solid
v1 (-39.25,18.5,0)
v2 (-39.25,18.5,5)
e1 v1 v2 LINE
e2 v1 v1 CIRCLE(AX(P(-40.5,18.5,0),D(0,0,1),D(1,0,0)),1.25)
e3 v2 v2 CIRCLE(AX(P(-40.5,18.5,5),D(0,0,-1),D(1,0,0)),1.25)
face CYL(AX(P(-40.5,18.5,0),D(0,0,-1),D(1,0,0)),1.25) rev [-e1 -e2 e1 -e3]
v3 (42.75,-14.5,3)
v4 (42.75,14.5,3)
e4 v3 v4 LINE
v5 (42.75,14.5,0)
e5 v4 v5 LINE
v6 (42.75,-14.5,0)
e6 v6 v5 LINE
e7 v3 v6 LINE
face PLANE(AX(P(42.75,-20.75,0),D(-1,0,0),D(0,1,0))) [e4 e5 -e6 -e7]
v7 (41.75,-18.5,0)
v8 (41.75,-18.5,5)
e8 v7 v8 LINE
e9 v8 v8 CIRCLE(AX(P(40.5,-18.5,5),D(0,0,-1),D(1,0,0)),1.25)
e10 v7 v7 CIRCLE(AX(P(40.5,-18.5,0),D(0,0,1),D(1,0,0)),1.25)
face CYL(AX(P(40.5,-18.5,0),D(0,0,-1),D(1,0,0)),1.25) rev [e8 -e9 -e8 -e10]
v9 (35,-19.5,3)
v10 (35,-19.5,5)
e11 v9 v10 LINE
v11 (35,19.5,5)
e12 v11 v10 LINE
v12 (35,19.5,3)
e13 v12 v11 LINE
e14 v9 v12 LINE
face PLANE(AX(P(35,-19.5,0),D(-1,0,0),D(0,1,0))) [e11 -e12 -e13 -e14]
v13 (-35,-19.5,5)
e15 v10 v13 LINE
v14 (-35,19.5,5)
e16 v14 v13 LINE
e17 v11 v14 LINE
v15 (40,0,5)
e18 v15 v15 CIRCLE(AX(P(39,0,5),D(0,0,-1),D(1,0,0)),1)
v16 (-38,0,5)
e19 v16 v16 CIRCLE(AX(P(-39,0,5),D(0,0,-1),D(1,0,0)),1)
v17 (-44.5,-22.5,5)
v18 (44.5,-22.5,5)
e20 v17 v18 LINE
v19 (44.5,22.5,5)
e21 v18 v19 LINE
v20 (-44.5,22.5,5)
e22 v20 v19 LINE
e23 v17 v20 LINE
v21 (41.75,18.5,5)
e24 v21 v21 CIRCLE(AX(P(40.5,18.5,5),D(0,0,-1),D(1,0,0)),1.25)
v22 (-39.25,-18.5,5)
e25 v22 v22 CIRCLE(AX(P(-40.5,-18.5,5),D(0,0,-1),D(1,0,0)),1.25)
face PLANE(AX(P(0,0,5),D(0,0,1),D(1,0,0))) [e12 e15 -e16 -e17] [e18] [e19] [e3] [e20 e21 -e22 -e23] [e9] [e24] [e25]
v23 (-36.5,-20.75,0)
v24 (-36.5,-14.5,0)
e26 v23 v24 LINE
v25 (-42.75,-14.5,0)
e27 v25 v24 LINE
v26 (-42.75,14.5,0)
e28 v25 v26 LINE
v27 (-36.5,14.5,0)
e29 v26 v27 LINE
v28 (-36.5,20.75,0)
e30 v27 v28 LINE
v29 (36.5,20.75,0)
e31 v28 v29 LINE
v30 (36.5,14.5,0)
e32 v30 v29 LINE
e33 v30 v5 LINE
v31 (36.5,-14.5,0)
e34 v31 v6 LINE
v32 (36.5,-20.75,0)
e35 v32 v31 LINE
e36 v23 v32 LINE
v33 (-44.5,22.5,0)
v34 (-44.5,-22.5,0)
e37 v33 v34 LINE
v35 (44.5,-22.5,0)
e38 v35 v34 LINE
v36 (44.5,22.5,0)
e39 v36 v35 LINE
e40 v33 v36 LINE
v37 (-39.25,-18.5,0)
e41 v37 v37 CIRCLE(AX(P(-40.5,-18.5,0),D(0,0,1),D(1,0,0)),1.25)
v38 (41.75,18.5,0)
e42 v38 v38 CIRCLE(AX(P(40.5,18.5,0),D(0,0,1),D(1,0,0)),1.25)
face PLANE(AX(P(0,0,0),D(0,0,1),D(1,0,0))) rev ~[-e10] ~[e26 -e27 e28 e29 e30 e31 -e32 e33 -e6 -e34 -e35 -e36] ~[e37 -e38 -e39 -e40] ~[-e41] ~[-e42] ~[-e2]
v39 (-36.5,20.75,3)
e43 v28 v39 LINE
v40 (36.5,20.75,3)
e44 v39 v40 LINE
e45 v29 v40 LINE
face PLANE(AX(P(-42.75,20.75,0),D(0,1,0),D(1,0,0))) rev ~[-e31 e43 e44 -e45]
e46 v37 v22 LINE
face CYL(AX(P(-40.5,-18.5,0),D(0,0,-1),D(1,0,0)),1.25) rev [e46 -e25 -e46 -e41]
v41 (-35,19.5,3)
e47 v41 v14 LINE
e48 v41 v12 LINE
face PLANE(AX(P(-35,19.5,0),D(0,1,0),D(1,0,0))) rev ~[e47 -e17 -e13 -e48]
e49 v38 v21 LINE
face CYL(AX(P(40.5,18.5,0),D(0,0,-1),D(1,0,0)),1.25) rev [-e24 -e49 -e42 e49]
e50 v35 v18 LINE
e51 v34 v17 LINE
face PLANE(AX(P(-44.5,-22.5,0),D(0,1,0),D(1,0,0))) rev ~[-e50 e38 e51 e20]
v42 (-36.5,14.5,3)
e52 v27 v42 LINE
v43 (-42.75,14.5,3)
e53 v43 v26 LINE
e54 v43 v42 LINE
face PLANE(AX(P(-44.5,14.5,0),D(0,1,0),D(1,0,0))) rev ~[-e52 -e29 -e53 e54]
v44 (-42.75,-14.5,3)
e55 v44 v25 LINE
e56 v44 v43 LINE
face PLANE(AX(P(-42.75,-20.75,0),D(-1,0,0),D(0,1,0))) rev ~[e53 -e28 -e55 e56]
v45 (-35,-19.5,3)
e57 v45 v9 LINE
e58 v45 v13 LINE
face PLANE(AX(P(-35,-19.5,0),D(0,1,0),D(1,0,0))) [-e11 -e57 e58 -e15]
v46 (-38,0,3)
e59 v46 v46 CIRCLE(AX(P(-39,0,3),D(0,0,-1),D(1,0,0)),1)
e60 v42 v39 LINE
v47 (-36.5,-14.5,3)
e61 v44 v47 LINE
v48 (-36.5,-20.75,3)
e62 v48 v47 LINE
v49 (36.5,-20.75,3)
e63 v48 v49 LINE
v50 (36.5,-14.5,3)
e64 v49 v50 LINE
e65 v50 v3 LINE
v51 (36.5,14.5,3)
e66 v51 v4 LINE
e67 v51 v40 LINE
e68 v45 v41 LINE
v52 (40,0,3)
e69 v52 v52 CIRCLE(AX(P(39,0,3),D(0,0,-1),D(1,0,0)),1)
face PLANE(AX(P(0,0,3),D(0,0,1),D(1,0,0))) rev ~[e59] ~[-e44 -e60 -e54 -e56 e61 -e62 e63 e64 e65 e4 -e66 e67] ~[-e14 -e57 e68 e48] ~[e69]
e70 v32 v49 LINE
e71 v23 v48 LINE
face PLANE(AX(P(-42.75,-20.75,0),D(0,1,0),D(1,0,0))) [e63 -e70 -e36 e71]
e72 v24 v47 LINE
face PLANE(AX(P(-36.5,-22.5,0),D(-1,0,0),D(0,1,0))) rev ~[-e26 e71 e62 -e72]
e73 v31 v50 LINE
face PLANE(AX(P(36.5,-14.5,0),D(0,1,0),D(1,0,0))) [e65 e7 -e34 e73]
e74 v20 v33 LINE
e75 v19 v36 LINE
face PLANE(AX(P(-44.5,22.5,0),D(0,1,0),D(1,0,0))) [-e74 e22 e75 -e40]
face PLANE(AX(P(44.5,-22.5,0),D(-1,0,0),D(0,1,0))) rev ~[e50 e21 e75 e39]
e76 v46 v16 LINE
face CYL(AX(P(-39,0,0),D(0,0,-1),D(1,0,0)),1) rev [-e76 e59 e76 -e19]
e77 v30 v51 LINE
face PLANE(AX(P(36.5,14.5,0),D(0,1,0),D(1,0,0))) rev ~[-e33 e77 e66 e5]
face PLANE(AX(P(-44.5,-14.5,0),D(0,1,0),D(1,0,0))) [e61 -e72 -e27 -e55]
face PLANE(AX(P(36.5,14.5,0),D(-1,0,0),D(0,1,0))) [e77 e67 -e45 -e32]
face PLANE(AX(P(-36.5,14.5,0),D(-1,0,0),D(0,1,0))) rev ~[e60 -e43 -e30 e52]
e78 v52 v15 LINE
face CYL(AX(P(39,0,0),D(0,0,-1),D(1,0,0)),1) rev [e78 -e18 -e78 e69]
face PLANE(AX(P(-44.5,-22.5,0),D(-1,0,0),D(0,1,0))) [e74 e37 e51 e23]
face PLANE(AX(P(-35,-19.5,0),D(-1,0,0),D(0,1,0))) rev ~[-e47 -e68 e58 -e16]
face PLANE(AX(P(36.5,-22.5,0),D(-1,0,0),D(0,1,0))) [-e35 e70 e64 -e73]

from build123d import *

# Parameters (mm, degrees)
F0_W     = 89
F0_H     = 45
F1_DEPTH = 5
F2_W     = 70
F2_H     = 39
F3_DEPTH = 25
F4_W     = 85.5
F4_H     = 41.5
F5_DEPTH = 3
F6_W     = 8
F6_H     = 8
F7_DEPTH = 3
F8_R     = 1.25
F8_R_2   = 1
F9_DEPTH = 25


with BuildPart() as f1:
    # F0 (on Top) → F1 (new body)
    with BuildSketch(Plane.XY):
        Rectangle(F0_W, F0_H)
    extrude(amount=F1_DEPTH)

    # F2 (on Top) → F3 (cut)
    with BuildSketch(Plane.XY):
        Rectangle(F2_W, F2_H)
    extrude(amount=F3_DEPTH, mode=Mode.SUBTRACT)

    # F4 (on Top) → F5 (cut)
    with BuildSketch(Plane.XY):
        Rectangle(F4_W, F4_H)
    extrude(amount=F5_DEPTH, mode=Mode.SUBTRACT)

    # F6 (on Top) → F7 (join)
    with BuildSketch(Plane.XY):
        with Locations((-40.5, 18.5)):
            Rectangle(F6_W, F6_H)
        with Locations((-40.5, -18.5)):
            Rectangle(F6_W, F6_H)
        with Locations((40.5, 18.5)):
            Rectangle(F6_W, F6_H)
        with Locations((40.5, -18.5)):
            Rectangle(F6_W, F6_H)
    extrude(amount=F7_DEPTH)

    # F8 (on Top) → F9 (cut)
    with BuildSketch(Plane.XY):
        with Locations((40.5, -18.5)):
            Circle(F8_R)
        with Locations((40.5, 18.5)):
            Circle(F8_R)
        with Locations((-40.5, -18.5)):
            Circle(F8_R)
        with Locations((-40.5, 18.5)):
            Circle(F8_R)
        with Locations((-39, 0)):
            Circle(F8_R_2)
        with Locations((39, 0)):
            Circle(F8_R_2)
    extrude(amount=F9_DEPTH, mode=Mode.SUBTRACT)


solid = f1.part
